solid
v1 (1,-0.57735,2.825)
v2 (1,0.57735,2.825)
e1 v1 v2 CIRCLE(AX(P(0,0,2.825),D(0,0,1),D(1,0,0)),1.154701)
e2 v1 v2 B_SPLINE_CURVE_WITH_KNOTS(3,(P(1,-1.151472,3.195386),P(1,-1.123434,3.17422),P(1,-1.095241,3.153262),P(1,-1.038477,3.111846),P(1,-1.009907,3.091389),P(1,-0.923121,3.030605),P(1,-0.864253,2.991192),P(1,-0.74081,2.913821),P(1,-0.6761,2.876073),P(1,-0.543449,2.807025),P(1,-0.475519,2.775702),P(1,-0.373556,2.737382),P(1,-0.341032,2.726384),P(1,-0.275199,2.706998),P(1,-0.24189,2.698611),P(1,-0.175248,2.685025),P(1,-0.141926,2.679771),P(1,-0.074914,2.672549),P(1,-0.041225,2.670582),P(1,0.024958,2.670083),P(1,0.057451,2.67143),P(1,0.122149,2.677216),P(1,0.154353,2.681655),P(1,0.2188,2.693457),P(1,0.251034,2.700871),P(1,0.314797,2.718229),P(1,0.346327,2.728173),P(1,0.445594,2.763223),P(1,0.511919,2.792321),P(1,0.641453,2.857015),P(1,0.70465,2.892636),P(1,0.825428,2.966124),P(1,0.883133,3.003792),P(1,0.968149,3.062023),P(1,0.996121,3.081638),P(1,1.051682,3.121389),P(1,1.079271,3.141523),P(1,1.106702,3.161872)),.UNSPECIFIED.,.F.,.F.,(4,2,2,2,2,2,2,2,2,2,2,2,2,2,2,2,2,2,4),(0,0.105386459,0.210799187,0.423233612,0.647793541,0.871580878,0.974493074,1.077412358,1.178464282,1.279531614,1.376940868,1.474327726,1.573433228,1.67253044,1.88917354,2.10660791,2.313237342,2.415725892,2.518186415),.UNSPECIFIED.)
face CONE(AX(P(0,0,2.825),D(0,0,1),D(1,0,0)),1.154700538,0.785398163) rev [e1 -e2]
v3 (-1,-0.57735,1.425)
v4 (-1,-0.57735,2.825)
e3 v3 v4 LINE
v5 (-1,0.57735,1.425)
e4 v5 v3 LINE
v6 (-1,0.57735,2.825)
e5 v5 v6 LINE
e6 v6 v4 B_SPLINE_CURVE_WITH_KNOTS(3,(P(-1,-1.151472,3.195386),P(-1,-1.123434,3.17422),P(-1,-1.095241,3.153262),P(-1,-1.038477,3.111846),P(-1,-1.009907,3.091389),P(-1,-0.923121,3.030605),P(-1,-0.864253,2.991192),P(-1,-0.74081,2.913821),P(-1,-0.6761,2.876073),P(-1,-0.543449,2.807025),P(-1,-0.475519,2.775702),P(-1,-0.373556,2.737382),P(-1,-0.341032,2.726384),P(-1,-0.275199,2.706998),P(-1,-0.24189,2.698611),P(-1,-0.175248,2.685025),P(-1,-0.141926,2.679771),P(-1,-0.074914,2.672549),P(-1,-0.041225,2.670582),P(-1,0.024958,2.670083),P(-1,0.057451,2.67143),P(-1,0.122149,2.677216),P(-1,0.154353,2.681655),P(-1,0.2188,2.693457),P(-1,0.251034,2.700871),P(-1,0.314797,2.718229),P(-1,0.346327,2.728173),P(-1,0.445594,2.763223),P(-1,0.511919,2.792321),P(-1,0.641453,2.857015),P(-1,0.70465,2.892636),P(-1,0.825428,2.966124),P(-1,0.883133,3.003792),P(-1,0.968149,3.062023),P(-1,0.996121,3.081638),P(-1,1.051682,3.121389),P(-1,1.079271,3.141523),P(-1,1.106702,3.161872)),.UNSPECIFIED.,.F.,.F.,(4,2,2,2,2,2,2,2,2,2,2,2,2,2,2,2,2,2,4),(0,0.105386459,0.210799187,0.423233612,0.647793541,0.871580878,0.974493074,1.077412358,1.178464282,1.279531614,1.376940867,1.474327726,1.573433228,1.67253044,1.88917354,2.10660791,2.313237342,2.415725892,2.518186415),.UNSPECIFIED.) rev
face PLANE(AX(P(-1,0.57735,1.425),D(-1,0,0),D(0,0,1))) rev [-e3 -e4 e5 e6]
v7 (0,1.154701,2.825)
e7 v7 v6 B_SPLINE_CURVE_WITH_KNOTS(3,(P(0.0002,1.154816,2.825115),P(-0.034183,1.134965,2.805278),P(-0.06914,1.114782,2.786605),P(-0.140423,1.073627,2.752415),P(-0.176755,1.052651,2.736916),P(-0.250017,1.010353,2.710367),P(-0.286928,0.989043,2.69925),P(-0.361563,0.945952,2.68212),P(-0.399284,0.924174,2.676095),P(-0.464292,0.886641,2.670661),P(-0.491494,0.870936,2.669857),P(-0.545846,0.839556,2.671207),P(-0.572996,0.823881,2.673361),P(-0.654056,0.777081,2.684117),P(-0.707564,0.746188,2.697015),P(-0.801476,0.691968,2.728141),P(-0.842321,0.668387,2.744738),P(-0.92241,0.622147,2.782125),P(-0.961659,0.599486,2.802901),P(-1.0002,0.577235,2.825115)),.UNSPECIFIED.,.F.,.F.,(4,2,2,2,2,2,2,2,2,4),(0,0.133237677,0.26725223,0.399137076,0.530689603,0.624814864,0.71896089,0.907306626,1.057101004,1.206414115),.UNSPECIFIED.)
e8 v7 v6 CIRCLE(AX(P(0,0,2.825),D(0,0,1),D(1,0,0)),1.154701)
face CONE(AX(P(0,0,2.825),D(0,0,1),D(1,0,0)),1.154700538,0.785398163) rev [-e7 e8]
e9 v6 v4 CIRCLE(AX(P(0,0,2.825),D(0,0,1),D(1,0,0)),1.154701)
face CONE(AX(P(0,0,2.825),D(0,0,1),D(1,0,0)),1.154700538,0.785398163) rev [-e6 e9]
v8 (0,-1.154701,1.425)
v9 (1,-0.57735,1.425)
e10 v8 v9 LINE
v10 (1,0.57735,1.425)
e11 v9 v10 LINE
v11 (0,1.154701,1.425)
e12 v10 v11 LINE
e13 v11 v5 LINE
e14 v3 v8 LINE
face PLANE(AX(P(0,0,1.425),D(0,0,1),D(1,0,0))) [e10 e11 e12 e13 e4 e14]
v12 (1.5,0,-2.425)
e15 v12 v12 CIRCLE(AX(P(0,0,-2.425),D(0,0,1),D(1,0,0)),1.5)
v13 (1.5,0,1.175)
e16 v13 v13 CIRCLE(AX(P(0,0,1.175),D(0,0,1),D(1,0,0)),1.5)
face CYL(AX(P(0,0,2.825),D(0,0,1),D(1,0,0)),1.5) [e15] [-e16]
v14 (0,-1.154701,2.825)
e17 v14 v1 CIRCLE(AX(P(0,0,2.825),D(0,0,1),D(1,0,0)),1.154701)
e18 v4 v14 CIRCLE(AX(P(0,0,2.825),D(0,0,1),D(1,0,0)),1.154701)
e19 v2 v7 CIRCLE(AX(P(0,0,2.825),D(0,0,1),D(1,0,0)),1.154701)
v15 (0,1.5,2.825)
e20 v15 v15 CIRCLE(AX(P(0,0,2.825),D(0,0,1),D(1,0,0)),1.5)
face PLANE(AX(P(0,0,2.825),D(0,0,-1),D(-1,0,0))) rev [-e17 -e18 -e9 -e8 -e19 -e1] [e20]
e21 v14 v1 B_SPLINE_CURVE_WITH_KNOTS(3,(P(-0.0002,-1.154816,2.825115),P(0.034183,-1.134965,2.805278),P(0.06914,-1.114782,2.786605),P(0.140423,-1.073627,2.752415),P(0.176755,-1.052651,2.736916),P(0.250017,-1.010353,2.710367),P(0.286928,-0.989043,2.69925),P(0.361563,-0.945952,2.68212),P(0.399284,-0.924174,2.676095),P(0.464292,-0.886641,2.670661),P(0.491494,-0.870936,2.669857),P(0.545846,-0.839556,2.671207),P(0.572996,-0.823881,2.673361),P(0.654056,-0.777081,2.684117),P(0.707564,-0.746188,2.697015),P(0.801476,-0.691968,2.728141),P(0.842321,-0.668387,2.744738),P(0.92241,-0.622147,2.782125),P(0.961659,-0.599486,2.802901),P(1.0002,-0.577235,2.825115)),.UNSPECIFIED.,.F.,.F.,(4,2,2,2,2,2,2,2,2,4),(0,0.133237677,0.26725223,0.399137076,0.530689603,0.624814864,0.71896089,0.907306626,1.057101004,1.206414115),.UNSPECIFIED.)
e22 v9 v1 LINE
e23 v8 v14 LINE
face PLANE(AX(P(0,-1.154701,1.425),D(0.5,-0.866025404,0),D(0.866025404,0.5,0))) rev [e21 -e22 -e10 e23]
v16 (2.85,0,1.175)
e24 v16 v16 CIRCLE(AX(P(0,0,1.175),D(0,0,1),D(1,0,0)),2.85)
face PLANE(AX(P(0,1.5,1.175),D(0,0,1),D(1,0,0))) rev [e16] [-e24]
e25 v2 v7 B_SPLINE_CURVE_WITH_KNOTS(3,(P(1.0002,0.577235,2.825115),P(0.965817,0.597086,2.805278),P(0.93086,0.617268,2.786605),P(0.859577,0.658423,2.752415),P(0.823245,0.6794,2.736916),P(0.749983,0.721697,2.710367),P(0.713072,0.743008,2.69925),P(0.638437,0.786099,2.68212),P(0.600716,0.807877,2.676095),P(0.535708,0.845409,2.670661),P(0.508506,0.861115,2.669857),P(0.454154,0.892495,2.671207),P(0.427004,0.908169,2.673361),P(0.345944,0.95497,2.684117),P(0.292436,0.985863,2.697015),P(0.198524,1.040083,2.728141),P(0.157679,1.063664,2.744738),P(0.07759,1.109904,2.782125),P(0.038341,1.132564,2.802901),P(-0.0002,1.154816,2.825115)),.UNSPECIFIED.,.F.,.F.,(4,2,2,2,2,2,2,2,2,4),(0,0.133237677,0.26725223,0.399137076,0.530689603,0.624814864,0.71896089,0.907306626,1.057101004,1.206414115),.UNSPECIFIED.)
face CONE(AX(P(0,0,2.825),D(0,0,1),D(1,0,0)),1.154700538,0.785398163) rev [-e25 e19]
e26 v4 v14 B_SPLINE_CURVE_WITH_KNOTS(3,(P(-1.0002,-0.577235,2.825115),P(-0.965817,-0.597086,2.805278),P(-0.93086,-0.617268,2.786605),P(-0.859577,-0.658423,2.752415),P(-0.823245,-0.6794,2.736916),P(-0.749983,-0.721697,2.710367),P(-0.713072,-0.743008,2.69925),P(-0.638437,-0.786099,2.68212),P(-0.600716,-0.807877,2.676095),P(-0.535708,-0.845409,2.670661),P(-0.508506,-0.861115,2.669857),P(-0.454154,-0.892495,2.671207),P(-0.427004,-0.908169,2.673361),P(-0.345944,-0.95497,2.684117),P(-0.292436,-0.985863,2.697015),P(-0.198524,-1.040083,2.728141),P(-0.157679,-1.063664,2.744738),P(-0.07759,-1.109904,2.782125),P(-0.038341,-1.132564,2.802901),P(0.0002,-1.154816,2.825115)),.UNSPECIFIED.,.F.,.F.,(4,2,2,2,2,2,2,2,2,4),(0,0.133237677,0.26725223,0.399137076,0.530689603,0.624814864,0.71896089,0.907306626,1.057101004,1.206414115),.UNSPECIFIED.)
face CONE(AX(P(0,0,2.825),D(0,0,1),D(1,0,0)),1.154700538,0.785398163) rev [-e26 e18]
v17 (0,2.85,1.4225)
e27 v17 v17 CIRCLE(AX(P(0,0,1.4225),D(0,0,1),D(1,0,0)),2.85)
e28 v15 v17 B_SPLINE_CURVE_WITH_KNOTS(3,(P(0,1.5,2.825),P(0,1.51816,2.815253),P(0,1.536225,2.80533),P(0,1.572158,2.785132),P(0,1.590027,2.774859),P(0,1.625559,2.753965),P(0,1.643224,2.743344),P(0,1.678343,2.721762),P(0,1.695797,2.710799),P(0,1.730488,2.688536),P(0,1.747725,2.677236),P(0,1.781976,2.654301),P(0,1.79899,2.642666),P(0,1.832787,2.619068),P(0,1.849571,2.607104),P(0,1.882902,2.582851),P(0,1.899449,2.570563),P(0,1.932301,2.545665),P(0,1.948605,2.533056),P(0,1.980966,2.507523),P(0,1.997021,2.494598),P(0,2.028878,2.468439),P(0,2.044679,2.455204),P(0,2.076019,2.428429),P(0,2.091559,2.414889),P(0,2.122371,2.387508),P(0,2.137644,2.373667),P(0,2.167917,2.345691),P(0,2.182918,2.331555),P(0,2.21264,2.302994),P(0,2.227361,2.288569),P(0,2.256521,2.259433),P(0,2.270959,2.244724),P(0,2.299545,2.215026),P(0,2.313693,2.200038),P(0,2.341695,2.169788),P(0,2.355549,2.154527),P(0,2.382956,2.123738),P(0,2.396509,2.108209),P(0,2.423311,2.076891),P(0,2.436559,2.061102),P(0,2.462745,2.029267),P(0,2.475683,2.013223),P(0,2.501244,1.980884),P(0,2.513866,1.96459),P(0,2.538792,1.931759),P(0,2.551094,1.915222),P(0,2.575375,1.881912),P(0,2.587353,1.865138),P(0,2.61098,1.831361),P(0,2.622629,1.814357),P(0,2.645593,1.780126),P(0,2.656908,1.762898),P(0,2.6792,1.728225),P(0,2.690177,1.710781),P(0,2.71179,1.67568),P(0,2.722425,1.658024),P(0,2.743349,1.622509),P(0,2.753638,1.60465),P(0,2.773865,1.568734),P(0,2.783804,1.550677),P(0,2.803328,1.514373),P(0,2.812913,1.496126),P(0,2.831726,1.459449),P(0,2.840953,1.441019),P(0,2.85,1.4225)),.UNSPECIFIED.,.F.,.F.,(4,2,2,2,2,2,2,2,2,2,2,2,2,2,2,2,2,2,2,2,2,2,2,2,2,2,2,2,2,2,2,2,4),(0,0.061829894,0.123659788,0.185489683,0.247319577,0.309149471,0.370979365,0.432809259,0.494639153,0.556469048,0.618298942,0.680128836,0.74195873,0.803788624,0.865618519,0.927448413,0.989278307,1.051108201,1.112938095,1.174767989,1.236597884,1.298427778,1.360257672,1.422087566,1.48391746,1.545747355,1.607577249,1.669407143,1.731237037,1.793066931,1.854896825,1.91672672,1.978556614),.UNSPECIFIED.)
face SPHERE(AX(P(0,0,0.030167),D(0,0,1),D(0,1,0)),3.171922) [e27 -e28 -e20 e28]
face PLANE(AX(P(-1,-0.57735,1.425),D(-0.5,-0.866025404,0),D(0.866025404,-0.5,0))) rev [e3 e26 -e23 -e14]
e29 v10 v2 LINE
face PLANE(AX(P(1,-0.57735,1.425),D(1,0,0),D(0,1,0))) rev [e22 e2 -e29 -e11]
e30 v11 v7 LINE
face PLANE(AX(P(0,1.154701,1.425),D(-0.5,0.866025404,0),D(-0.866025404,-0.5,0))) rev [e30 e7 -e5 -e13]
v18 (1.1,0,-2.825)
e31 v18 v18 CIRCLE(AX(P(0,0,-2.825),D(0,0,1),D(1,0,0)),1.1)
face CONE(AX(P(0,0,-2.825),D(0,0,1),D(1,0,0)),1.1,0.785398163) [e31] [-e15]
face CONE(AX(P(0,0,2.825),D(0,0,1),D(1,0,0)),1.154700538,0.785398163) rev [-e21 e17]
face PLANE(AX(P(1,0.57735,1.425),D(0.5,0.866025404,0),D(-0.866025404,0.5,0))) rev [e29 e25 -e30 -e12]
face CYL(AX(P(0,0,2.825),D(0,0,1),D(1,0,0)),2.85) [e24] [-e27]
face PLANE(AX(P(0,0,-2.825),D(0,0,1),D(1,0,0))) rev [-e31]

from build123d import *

# Parameters (mm, degrees)
CUT_EXTRUDE1_DEPTH = 1.4


with BuildPart() as part:
    # Sketch2 → Revolve1 (revolve)
    with BuildSketch(Plane(origin=(0, 0, 0), x_dir=(0, 0, -1), z_dir=(1, 0, 0)), mode=Mode.PRIVATE) as revolve1_sk:
        with BuildLine():
            Line((-2.825, 0), (2.825, 0))
            Line((2.825, 0), (2.825, 1.1))
            Line((2.825, 1.1), (2.425, 1.5))
            Line((2.425, 1.5), (-1.175, 1.5))
            Line((-1.175, 1.5), (-1.175, 2.85))
            Line((-1.175, 2.85), (-1.4225, 2.85))
            ThreePointArc((-1.4225, 2.85), (-2.22987489, 2.285251969), (-2.825, 1.5))
            Line((-2.825, 1.5), (-2.825, 0))
        make_face()
    revolve(revolve1_sk.sketch.rotate(Axis((0, 0, 2.825), (0, 0, -1)), 90), axis=Axis((0, 0, 2.825), (0, 0, -1)))

    # Sketch3 → Cut-Extrude1 (cut)
    with BuildSketch(Plane.XY.offset(2.825)):
        Polygon((0, 1.154700538), (-1, 0.577350269), (-1, -0.577350269), (0, -1.154700538), (1, -0.577350269), (1, 0.577350269), align=None)
    extrude(amount=-CUT_EXTRUDE1_DEPTH, mode=Mode.SUBTRACT)

    # Cut-Extrude2 cone 1 section (through the dimple's axis) → Cut-Extrude2 (revolve, cut)
    with BuildSketch(Plane(origin=(0, 0, 2.825), x_dir=(0, -1, 0), z_dir=(1, 0, 0))):
        Polygon((0, 0), (1.154700538, 0), (0, 1.154700538), align=None)
    revolve(axis=Axis((0, 0, 2.825), (0, 0, -1)), mode=Mode.SUBTRACT)


solid = part.part
